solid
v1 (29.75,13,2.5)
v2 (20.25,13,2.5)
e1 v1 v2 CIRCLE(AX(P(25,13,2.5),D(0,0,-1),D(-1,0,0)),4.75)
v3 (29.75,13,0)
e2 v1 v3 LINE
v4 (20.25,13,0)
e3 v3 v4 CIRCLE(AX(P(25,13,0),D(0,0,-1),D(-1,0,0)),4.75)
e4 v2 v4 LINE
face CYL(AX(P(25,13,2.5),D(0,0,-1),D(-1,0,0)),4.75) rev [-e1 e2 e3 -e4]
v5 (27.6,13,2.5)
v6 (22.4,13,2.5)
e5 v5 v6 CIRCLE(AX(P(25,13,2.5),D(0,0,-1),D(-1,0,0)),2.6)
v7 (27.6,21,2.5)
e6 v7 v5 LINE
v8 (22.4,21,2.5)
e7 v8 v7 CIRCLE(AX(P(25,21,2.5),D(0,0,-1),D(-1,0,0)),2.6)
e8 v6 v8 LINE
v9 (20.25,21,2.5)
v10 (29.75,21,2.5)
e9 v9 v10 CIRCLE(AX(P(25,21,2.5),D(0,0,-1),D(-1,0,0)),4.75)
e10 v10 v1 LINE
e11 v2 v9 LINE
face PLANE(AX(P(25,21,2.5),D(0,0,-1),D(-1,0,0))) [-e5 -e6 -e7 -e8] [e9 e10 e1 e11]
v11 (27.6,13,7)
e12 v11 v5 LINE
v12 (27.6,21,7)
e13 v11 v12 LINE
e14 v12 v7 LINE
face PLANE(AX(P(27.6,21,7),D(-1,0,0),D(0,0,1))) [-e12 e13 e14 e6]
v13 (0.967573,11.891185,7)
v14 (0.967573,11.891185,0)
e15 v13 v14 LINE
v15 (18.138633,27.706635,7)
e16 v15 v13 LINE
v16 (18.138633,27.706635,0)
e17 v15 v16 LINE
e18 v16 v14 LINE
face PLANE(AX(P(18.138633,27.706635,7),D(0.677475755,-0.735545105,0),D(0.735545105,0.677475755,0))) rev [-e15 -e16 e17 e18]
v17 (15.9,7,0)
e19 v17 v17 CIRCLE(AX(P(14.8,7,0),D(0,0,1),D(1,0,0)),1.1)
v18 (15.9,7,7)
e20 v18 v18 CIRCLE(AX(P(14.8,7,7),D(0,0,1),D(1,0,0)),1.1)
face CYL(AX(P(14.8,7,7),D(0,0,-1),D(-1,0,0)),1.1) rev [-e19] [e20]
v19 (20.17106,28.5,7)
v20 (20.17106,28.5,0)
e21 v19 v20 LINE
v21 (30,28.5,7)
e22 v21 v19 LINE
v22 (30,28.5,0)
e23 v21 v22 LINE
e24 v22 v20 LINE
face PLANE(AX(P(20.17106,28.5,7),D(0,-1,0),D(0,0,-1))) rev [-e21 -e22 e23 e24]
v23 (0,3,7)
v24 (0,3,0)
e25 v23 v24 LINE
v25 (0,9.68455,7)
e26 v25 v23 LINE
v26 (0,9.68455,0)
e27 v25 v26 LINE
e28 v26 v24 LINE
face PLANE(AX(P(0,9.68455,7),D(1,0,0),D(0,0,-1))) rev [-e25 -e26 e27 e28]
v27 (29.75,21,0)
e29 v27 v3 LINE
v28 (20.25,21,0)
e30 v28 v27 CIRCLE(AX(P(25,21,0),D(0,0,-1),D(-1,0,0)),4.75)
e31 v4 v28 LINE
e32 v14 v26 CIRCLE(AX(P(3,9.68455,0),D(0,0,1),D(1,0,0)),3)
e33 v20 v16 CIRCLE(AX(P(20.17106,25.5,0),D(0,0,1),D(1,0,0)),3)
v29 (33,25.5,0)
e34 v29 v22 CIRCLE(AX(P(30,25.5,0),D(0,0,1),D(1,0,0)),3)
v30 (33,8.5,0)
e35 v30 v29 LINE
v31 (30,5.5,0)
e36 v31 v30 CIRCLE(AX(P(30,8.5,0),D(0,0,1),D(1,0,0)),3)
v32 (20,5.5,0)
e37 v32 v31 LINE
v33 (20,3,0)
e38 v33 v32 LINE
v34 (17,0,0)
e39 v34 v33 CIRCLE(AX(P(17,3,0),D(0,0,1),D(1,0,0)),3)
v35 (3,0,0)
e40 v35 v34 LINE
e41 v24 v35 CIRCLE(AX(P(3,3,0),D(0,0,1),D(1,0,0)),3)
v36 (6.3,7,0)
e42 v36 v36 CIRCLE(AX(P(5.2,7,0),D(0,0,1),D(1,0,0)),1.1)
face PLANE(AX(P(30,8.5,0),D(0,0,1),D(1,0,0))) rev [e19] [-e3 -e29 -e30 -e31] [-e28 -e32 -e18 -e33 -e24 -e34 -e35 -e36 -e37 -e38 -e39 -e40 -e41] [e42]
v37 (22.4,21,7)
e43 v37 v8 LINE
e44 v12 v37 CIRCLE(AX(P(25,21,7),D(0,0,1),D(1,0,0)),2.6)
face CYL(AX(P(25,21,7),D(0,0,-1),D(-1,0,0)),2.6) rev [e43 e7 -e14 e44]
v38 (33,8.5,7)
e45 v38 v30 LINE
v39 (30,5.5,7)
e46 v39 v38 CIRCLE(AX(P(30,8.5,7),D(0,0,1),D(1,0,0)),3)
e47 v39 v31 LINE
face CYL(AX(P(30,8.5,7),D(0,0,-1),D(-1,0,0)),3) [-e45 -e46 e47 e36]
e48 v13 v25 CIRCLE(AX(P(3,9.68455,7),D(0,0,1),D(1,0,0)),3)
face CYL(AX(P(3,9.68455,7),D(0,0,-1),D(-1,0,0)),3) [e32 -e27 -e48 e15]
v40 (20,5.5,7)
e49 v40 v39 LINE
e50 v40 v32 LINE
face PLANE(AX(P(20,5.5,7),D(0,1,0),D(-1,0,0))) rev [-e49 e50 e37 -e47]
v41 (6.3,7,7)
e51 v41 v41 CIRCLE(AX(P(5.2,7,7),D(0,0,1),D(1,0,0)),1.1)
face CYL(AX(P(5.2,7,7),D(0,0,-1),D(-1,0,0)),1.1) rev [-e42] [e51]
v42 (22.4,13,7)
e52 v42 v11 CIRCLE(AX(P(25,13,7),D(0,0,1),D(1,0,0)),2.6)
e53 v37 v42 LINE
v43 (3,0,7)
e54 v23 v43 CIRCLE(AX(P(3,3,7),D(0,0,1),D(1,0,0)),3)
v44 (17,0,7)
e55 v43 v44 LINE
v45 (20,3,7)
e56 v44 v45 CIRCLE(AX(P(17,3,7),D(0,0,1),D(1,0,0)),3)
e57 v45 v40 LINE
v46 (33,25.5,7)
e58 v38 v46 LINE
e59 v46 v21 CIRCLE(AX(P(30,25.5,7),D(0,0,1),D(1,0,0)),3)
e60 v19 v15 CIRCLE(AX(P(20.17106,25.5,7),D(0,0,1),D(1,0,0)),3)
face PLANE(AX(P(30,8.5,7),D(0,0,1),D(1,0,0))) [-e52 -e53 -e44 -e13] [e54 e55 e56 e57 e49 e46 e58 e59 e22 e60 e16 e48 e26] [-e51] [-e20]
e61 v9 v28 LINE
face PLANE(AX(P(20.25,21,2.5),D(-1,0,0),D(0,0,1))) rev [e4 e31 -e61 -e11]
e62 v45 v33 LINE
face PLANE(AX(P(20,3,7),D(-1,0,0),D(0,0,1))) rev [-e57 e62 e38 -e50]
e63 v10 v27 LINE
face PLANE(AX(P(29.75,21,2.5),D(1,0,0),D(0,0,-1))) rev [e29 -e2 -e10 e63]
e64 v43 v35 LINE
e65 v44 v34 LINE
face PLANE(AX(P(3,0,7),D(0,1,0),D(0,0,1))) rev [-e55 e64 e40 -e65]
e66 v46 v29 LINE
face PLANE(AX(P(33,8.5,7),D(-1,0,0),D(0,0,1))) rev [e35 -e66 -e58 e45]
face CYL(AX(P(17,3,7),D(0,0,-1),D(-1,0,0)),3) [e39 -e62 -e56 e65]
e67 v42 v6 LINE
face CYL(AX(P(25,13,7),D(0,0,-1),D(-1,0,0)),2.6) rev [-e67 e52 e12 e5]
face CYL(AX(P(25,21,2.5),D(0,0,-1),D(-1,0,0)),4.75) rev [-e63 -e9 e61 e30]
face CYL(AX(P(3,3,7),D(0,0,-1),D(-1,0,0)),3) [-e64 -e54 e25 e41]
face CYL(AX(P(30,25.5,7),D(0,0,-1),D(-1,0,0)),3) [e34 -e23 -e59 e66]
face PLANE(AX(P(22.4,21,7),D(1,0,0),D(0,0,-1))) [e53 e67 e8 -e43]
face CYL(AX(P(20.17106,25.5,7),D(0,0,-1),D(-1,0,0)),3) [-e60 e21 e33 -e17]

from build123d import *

# Parameters (mm, degrees)
SKETCH1_R           = 1.1
BOSS_EXTRUDE1_DEPTH = 7
CUT_EXTRUDE1_DEPTH  = 2.5


with BuildPart() as part:
    # Sketch1 → Boss-Extrude1 (new body)
    with BuildSketch(Plane.XY):
        with BuildLine():
            Line((3, 0), (17, 0))
            ThreePointArc((17, 0), (19.121320344, 0.878679656), (20, 3))
            Line((20, 3), (20, 5.5))
            Line((20, 5.5), (30, 5.5))
            ThreePointArc((30, 5.5), (32.121320344, 6.378679656), (33, 8.5))
            Line((33, 8.5), (33, 25.5))
            ThreePointArc((33, 25.5), (32.121320344, 27.621320344), (30, 28.5))
            Line((30, 28.5), (20.171059892, 28.5))
            ThreePointArc((20.171059892, 28.5), (19.080167127, 28.294629309), (18.138632628, 27.706635315))
            Line((18.138632628, 27.706635315), (0.967572736, 11.891185415))
            ThreePointArc((0.967572736, 11.891185415), (0.252520993, 10.889273762), (0, 9.684550099))
            Line((0, 9.684550099), (0, 3))
            ThreePointArc((0, 3), (0.878679656, 0.878679656), (3, 0))
        make_face()
        with Locations((5.2, 7)):
            Circle(SKETCH1_R, mode=Mode.SUBTRACT)
        with Locations((14.8, 7)):
            Circle(SKETCH1_R, mode=Mode.SUBTRACT)
        with BuildLine():
            Line((27.6, 21), (27.6, 13))
            ThreePointArc((27.6, 13), (25, 10.4), (22.4, 13))
            Line((22.4, 13), (22.4, 21))
            ThreePointArc((22.4, 21), (25, 23.6), (27.6, 21))
        make_face(mode=Mode.SUBTRACT)
    extrude(amount=BOSS_EXTRUDE1_DEPTH)

    # Sketch2 → Cut-Extrude1 (cut)
    with BuildSketch(Plane(origin=(0, 0, 0), x_dir=(-1, 0, 0), z_dir=(0, 0, -1))):
        with BuildLine():
            Line((-20.25, 21), (-20.25, 13))
            ThreePointArc((-20.25, 13), (-25, 8.25), (-29.75, 13))
            Line((-29.75, 13), (-29.75, 21))
            ThreePointArc((-29.75, 21), (-25, 25.75), (-20.25, 21))
        make_face()
    extrude(amount=-CUT_EXTRUDE1_DEPTH, mode=Mode.SUBTRACT)


solid = part.part
